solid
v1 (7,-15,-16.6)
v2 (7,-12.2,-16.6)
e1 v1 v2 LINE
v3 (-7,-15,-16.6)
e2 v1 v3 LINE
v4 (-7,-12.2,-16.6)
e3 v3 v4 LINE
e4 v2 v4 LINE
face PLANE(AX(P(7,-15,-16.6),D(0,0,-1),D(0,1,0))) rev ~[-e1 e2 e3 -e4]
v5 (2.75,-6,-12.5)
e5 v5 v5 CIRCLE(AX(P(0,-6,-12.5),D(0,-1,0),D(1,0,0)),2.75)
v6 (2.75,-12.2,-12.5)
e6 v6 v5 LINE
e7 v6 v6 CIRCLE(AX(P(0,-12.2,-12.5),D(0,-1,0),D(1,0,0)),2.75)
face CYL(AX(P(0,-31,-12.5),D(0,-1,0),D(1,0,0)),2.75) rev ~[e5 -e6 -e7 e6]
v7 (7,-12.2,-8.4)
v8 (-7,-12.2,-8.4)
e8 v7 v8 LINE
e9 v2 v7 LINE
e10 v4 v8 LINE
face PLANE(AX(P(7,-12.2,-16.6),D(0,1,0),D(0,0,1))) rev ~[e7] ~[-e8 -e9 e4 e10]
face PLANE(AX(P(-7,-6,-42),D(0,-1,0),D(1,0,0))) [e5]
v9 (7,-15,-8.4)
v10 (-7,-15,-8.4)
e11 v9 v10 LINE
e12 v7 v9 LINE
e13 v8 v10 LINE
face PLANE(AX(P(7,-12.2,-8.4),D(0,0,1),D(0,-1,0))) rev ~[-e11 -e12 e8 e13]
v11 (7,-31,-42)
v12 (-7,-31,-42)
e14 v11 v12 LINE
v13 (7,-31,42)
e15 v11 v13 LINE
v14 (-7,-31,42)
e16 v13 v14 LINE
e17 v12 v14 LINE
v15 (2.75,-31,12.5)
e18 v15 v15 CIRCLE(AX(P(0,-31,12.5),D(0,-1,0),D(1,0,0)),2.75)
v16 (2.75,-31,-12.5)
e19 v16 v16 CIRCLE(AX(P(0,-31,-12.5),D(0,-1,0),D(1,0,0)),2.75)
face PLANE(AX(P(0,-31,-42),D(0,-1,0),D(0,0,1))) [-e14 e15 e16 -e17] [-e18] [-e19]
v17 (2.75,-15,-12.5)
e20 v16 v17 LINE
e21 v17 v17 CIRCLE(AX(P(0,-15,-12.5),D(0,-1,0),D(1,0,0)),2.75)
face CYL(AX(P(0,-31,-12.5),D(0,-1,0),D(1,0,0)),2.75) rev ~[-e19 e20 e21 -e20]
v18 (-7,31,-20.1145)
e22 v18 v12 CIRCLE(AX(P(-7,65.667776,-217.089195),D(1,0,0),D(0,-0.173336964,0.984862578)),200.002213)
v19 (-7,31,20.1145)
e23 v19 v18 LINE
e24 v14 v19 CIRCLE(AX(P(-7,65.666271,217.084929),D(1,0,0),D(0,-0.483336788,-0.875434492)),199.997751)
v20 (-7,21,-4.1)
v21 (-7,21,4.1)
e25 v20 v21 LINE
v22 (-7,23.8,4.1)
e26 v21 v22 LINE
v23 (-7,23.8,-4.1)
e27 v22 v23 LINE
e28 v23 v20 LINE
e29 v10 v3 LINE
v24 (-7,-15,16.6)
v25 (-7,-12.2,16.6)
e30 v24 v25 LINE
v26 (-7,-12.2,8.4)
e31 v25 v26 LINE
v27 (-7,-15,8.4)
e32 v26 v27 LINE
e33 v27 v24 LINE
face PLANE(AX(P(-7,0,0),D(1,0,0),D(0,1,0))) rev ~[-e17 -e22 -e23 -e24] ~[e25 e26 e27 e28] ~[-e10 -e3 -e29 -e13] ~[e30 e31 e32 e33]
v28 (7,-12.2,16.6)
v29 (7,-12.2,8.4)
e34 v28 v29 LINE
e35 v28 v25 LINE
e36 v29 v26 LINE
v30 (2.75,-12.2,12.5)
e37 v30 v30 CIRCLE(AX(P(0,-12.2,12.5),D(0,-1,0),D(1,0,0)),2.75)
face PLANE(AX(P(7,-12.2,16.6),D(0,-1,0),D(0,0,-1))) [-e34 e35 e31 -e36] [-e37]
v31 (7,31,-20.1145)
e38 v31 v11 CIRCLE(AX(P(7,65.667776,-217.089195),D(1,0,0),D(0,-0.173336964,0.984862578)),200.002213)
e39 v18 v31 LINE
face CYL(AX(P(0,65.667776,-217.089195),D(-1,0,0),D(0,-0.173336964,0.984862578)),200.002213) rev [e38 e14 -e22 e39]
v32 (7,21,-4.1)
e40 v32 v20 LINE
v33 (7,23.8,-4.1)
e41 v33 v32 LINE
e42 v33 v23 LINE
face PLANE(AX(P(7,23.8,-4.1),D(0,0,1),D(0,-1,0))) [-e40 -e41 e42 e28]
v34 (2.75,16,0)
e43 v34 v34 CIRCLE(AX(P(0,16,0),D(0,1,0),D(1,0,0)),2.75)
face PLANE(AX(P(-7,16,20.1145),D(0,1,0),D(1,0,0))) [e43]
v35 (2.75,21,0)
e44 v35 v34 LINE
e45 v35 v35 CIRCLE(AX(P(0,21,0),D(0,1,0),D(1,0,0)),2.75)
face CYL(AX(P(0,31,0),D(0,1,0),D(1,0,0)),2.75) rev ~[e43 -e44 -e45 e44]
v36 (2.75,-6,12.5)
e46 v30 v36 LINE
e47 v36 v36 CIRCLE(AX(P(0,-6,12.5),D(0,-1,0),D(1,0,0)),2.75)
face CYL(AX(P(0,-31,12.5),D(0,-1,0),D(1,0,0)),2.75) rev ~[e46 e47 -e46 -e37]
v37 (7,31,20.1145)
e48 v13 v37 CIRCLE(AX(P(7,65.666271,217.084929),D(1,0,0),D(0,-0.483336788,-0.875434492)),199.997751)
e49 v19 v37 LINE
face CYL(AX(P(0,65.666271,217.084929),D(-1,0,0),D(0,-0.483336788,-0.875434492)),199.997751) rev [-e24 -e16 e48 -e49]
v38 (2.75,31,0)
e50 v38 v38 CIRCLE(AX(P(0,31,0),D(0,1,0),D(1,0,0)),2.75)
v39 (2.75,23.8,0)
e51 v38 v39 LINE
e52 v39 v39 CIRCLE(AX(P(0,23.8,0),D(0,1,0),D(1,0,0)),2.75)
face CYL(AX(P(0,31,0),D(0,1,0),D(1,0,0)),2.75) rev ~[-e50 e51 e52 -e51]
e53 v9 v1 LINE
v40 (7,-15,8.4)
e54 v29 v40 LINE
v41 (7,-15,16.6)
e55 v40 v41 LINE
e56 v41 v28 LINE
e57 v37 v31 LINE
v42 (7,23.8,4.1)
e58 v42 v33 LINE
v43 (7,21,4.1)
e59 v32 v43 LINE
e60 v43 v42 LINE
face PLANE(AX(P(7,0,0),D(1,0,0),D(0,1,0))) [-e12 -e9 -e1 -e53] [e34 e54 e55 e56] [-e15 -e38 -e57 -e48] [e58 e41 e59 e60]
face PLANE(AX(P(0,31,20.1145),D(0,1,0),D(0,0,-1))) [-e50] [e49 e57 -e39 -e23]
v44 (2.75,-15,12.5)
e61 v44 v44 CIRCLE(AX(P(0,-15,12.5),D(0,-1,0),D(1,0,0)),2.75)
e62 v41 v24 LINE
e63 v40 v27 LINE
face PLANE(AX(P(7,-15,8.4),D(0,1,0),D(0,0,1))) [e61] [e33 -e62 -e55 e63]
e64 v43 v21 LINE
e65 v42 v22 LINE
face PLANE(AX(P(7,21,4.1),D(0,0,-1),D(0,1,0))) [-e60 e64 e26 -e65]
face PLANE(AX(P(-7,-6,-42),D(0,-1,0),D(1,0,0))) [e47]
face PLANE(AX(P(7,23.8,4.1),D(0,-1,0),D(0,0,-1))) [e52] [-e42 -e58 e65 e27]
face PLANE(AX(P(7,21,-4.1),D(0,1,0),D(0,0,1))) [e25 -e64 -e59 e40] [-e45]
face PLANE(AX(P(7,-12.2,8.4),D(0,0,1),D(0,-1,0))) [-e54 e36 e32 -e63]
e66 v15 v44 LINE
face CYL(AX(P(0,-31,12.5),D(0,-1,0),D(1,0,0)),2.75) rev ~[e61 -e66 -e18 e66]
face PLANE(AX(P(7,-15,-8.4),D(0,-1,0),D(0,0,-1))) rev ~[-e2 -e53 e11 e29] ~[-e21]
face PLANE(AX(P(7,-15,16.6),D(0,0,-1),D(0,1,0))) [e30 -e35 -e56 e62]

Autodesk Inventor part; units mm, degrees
ref_plane "YZ Plane" through (0, 0, 0) normal (1, 0, 0) x (0, 1, 0)
ref_plane "XZ Plane" through (0, 0, 0) normal (0, 1, 0) x (-1, 0, 0)
ref_plane "XY Plane" through (0, 0, 0) normal (0, 0, 1) x (1, 0, 0)
sketch "Sketch1" plane through (0, 0, 0) normal (1, 0, 0) x (0, 1, 0)
  arc A0 (31, -20.1145) -> (-31, -42) centre (65.6672, -217.087) ccw
  line L0 (-31, 42) -> (31, 42) construction
  line L1 (31, 42) -> (31, -42) construction
  line L2 (31, -42) -> (-31, -42) construction
  line L3 (-31, -42) -> (-31, 42)
  line L4 (31, 0) -> (-31, 0) construction
  arc A1 (-31, 42) -> (31, 20.1145) centre (65.6672, 217.087) ccw
  line L5 (31, 20.1145) -> (31, -20.1145)
  point P0 (0, 0)
  point P1 (0, 42)
  dimension "d0" = 400
  dimension "d1" = 62
  dimension "d2" = 84
  dimension "d23" = 40.2289
extrude "Extrusion1" add sketch "Sketch1" along normal mid plane 14
sketch "Sketch2" plane through (7, 0, 0) normal (1, 0, 0) x (0, 0, -1)
  arc A0 (-42, -31) -> (-20.1145, 31) centre (-217.087, 65.6672) ccw construction
  line L0 (-42, -31) -> (42, -31) construction
  arc A1 (20.1145, 31) -> (42, -31) centre (217.087, 65.6672) ccw construction
  line L1 (20.1145, 31) -> (-20.1145, 31) construction
  line L2 (-16.6, -12.2) -> (-8.4, -12.2)
  line L3 (-8.4, -12.2) -> (-8.4, -15)
  line L4 (-8.4, -15) -> (-16.6, -15)
  line L5 (-16.6, -15) -> (-16.6, -12.2)
  line L6 (0, 0) -> (0, -31) construction
  line L7 (-42, -31) -> (42, -31) construction
  line L8 (16.6, -12.2) -> (8.4, -12.2)
  line L9 (8.4, -12.2) -> (8.4, -15)
  line L10 (8.4, -15) -> (16.6, -15)
  line L11 (16.6, -15) -> (16.6, -12.2)
  line L12 (-4.1, 23.8) -> (4.1, 23.8)
  line L13 (4.1, 23.8) -> (4.1, 21)
  line L14 (4.1, 21) -> (-4.1, 21)
  line L15 (-4.1, 21) -> (-4.1, 23.8)
  point P0 (12.5, -12.2)
  point P1 (-12.5, -12.2)
  point P2 (0, 23.8)
  dimension "d6" = 8.2
  dimension "d7" = 2.8
  dimension "d8" = 16
  dimension "d9" = 25
  dimension "d16" = 8.2
  dimension "d17" = 2.8
  dimension "d19" = 10
extrude "Extrusion2" cut sketch "Sketch2" against normal through all
sketch "Sketch3" plane through (-7, -31, -42) normal (0, -1, 0) x (1, 0, 0)
  line L0 (0, 0) -> (14, 0) construction
  line L1 (14, 84) -> (14, 0) construction
  line L2 (0, 84) -> (14, 84) construction
  line L3 (0, 0) -> (0, 84) construction
  line L4 (14, 42) -> (0, 42) construction
  line L5 (0, 0) -> (0, 84) construction
  line L6 (0, 84) -> (14, 84) construction
  line L7 (7, 84) -> (7, 0) construction
  line L8 (0, 0) -> (14, 0) construction
  circle A0 centre (7, 54.5) radius 2.75
  circle A1 centre (7, 29.5) radius 2.75
  point P0 (7, 42)
  dimension "d12" = 5.5
  dimension "d13" = 25
extrude "Extrusion3" cut sketch "Sketch3" against normal blind 25
sketch "Sketch4" plane through (-7, 31, 20.1145) normal (0, 1, 0) x (1, 0, 0)
  line L0 (14, 0) -> (0, 0) construction
  line L1 (14, 40.2289) -> (14, 0) construction
  line L2 (0, 40.2289) -> (14, 40.2289) construction
  line L3 (0, 0) -> (0, 40.2289) construction
  line L4 (0, 20.1145) -> (14, 20.1145) construction
  line L5 (14, 16.0145) -> (14, 24.2145) construction
  line L6 (14, 0) -> (0, 0) construction
  line L7 (7, 0) -> (7, 40.2289) construction
  line L8 (0, 40.2289) -> (14, 40.2289) construction
  circle A0 centre (7, 20.1145) radius 2.75
  dimension "d20" = 5.5
extrude "Extrusion4" cut sketch "Sketch4" against normal blind 15
properties part number "cuerpo_obj1"
